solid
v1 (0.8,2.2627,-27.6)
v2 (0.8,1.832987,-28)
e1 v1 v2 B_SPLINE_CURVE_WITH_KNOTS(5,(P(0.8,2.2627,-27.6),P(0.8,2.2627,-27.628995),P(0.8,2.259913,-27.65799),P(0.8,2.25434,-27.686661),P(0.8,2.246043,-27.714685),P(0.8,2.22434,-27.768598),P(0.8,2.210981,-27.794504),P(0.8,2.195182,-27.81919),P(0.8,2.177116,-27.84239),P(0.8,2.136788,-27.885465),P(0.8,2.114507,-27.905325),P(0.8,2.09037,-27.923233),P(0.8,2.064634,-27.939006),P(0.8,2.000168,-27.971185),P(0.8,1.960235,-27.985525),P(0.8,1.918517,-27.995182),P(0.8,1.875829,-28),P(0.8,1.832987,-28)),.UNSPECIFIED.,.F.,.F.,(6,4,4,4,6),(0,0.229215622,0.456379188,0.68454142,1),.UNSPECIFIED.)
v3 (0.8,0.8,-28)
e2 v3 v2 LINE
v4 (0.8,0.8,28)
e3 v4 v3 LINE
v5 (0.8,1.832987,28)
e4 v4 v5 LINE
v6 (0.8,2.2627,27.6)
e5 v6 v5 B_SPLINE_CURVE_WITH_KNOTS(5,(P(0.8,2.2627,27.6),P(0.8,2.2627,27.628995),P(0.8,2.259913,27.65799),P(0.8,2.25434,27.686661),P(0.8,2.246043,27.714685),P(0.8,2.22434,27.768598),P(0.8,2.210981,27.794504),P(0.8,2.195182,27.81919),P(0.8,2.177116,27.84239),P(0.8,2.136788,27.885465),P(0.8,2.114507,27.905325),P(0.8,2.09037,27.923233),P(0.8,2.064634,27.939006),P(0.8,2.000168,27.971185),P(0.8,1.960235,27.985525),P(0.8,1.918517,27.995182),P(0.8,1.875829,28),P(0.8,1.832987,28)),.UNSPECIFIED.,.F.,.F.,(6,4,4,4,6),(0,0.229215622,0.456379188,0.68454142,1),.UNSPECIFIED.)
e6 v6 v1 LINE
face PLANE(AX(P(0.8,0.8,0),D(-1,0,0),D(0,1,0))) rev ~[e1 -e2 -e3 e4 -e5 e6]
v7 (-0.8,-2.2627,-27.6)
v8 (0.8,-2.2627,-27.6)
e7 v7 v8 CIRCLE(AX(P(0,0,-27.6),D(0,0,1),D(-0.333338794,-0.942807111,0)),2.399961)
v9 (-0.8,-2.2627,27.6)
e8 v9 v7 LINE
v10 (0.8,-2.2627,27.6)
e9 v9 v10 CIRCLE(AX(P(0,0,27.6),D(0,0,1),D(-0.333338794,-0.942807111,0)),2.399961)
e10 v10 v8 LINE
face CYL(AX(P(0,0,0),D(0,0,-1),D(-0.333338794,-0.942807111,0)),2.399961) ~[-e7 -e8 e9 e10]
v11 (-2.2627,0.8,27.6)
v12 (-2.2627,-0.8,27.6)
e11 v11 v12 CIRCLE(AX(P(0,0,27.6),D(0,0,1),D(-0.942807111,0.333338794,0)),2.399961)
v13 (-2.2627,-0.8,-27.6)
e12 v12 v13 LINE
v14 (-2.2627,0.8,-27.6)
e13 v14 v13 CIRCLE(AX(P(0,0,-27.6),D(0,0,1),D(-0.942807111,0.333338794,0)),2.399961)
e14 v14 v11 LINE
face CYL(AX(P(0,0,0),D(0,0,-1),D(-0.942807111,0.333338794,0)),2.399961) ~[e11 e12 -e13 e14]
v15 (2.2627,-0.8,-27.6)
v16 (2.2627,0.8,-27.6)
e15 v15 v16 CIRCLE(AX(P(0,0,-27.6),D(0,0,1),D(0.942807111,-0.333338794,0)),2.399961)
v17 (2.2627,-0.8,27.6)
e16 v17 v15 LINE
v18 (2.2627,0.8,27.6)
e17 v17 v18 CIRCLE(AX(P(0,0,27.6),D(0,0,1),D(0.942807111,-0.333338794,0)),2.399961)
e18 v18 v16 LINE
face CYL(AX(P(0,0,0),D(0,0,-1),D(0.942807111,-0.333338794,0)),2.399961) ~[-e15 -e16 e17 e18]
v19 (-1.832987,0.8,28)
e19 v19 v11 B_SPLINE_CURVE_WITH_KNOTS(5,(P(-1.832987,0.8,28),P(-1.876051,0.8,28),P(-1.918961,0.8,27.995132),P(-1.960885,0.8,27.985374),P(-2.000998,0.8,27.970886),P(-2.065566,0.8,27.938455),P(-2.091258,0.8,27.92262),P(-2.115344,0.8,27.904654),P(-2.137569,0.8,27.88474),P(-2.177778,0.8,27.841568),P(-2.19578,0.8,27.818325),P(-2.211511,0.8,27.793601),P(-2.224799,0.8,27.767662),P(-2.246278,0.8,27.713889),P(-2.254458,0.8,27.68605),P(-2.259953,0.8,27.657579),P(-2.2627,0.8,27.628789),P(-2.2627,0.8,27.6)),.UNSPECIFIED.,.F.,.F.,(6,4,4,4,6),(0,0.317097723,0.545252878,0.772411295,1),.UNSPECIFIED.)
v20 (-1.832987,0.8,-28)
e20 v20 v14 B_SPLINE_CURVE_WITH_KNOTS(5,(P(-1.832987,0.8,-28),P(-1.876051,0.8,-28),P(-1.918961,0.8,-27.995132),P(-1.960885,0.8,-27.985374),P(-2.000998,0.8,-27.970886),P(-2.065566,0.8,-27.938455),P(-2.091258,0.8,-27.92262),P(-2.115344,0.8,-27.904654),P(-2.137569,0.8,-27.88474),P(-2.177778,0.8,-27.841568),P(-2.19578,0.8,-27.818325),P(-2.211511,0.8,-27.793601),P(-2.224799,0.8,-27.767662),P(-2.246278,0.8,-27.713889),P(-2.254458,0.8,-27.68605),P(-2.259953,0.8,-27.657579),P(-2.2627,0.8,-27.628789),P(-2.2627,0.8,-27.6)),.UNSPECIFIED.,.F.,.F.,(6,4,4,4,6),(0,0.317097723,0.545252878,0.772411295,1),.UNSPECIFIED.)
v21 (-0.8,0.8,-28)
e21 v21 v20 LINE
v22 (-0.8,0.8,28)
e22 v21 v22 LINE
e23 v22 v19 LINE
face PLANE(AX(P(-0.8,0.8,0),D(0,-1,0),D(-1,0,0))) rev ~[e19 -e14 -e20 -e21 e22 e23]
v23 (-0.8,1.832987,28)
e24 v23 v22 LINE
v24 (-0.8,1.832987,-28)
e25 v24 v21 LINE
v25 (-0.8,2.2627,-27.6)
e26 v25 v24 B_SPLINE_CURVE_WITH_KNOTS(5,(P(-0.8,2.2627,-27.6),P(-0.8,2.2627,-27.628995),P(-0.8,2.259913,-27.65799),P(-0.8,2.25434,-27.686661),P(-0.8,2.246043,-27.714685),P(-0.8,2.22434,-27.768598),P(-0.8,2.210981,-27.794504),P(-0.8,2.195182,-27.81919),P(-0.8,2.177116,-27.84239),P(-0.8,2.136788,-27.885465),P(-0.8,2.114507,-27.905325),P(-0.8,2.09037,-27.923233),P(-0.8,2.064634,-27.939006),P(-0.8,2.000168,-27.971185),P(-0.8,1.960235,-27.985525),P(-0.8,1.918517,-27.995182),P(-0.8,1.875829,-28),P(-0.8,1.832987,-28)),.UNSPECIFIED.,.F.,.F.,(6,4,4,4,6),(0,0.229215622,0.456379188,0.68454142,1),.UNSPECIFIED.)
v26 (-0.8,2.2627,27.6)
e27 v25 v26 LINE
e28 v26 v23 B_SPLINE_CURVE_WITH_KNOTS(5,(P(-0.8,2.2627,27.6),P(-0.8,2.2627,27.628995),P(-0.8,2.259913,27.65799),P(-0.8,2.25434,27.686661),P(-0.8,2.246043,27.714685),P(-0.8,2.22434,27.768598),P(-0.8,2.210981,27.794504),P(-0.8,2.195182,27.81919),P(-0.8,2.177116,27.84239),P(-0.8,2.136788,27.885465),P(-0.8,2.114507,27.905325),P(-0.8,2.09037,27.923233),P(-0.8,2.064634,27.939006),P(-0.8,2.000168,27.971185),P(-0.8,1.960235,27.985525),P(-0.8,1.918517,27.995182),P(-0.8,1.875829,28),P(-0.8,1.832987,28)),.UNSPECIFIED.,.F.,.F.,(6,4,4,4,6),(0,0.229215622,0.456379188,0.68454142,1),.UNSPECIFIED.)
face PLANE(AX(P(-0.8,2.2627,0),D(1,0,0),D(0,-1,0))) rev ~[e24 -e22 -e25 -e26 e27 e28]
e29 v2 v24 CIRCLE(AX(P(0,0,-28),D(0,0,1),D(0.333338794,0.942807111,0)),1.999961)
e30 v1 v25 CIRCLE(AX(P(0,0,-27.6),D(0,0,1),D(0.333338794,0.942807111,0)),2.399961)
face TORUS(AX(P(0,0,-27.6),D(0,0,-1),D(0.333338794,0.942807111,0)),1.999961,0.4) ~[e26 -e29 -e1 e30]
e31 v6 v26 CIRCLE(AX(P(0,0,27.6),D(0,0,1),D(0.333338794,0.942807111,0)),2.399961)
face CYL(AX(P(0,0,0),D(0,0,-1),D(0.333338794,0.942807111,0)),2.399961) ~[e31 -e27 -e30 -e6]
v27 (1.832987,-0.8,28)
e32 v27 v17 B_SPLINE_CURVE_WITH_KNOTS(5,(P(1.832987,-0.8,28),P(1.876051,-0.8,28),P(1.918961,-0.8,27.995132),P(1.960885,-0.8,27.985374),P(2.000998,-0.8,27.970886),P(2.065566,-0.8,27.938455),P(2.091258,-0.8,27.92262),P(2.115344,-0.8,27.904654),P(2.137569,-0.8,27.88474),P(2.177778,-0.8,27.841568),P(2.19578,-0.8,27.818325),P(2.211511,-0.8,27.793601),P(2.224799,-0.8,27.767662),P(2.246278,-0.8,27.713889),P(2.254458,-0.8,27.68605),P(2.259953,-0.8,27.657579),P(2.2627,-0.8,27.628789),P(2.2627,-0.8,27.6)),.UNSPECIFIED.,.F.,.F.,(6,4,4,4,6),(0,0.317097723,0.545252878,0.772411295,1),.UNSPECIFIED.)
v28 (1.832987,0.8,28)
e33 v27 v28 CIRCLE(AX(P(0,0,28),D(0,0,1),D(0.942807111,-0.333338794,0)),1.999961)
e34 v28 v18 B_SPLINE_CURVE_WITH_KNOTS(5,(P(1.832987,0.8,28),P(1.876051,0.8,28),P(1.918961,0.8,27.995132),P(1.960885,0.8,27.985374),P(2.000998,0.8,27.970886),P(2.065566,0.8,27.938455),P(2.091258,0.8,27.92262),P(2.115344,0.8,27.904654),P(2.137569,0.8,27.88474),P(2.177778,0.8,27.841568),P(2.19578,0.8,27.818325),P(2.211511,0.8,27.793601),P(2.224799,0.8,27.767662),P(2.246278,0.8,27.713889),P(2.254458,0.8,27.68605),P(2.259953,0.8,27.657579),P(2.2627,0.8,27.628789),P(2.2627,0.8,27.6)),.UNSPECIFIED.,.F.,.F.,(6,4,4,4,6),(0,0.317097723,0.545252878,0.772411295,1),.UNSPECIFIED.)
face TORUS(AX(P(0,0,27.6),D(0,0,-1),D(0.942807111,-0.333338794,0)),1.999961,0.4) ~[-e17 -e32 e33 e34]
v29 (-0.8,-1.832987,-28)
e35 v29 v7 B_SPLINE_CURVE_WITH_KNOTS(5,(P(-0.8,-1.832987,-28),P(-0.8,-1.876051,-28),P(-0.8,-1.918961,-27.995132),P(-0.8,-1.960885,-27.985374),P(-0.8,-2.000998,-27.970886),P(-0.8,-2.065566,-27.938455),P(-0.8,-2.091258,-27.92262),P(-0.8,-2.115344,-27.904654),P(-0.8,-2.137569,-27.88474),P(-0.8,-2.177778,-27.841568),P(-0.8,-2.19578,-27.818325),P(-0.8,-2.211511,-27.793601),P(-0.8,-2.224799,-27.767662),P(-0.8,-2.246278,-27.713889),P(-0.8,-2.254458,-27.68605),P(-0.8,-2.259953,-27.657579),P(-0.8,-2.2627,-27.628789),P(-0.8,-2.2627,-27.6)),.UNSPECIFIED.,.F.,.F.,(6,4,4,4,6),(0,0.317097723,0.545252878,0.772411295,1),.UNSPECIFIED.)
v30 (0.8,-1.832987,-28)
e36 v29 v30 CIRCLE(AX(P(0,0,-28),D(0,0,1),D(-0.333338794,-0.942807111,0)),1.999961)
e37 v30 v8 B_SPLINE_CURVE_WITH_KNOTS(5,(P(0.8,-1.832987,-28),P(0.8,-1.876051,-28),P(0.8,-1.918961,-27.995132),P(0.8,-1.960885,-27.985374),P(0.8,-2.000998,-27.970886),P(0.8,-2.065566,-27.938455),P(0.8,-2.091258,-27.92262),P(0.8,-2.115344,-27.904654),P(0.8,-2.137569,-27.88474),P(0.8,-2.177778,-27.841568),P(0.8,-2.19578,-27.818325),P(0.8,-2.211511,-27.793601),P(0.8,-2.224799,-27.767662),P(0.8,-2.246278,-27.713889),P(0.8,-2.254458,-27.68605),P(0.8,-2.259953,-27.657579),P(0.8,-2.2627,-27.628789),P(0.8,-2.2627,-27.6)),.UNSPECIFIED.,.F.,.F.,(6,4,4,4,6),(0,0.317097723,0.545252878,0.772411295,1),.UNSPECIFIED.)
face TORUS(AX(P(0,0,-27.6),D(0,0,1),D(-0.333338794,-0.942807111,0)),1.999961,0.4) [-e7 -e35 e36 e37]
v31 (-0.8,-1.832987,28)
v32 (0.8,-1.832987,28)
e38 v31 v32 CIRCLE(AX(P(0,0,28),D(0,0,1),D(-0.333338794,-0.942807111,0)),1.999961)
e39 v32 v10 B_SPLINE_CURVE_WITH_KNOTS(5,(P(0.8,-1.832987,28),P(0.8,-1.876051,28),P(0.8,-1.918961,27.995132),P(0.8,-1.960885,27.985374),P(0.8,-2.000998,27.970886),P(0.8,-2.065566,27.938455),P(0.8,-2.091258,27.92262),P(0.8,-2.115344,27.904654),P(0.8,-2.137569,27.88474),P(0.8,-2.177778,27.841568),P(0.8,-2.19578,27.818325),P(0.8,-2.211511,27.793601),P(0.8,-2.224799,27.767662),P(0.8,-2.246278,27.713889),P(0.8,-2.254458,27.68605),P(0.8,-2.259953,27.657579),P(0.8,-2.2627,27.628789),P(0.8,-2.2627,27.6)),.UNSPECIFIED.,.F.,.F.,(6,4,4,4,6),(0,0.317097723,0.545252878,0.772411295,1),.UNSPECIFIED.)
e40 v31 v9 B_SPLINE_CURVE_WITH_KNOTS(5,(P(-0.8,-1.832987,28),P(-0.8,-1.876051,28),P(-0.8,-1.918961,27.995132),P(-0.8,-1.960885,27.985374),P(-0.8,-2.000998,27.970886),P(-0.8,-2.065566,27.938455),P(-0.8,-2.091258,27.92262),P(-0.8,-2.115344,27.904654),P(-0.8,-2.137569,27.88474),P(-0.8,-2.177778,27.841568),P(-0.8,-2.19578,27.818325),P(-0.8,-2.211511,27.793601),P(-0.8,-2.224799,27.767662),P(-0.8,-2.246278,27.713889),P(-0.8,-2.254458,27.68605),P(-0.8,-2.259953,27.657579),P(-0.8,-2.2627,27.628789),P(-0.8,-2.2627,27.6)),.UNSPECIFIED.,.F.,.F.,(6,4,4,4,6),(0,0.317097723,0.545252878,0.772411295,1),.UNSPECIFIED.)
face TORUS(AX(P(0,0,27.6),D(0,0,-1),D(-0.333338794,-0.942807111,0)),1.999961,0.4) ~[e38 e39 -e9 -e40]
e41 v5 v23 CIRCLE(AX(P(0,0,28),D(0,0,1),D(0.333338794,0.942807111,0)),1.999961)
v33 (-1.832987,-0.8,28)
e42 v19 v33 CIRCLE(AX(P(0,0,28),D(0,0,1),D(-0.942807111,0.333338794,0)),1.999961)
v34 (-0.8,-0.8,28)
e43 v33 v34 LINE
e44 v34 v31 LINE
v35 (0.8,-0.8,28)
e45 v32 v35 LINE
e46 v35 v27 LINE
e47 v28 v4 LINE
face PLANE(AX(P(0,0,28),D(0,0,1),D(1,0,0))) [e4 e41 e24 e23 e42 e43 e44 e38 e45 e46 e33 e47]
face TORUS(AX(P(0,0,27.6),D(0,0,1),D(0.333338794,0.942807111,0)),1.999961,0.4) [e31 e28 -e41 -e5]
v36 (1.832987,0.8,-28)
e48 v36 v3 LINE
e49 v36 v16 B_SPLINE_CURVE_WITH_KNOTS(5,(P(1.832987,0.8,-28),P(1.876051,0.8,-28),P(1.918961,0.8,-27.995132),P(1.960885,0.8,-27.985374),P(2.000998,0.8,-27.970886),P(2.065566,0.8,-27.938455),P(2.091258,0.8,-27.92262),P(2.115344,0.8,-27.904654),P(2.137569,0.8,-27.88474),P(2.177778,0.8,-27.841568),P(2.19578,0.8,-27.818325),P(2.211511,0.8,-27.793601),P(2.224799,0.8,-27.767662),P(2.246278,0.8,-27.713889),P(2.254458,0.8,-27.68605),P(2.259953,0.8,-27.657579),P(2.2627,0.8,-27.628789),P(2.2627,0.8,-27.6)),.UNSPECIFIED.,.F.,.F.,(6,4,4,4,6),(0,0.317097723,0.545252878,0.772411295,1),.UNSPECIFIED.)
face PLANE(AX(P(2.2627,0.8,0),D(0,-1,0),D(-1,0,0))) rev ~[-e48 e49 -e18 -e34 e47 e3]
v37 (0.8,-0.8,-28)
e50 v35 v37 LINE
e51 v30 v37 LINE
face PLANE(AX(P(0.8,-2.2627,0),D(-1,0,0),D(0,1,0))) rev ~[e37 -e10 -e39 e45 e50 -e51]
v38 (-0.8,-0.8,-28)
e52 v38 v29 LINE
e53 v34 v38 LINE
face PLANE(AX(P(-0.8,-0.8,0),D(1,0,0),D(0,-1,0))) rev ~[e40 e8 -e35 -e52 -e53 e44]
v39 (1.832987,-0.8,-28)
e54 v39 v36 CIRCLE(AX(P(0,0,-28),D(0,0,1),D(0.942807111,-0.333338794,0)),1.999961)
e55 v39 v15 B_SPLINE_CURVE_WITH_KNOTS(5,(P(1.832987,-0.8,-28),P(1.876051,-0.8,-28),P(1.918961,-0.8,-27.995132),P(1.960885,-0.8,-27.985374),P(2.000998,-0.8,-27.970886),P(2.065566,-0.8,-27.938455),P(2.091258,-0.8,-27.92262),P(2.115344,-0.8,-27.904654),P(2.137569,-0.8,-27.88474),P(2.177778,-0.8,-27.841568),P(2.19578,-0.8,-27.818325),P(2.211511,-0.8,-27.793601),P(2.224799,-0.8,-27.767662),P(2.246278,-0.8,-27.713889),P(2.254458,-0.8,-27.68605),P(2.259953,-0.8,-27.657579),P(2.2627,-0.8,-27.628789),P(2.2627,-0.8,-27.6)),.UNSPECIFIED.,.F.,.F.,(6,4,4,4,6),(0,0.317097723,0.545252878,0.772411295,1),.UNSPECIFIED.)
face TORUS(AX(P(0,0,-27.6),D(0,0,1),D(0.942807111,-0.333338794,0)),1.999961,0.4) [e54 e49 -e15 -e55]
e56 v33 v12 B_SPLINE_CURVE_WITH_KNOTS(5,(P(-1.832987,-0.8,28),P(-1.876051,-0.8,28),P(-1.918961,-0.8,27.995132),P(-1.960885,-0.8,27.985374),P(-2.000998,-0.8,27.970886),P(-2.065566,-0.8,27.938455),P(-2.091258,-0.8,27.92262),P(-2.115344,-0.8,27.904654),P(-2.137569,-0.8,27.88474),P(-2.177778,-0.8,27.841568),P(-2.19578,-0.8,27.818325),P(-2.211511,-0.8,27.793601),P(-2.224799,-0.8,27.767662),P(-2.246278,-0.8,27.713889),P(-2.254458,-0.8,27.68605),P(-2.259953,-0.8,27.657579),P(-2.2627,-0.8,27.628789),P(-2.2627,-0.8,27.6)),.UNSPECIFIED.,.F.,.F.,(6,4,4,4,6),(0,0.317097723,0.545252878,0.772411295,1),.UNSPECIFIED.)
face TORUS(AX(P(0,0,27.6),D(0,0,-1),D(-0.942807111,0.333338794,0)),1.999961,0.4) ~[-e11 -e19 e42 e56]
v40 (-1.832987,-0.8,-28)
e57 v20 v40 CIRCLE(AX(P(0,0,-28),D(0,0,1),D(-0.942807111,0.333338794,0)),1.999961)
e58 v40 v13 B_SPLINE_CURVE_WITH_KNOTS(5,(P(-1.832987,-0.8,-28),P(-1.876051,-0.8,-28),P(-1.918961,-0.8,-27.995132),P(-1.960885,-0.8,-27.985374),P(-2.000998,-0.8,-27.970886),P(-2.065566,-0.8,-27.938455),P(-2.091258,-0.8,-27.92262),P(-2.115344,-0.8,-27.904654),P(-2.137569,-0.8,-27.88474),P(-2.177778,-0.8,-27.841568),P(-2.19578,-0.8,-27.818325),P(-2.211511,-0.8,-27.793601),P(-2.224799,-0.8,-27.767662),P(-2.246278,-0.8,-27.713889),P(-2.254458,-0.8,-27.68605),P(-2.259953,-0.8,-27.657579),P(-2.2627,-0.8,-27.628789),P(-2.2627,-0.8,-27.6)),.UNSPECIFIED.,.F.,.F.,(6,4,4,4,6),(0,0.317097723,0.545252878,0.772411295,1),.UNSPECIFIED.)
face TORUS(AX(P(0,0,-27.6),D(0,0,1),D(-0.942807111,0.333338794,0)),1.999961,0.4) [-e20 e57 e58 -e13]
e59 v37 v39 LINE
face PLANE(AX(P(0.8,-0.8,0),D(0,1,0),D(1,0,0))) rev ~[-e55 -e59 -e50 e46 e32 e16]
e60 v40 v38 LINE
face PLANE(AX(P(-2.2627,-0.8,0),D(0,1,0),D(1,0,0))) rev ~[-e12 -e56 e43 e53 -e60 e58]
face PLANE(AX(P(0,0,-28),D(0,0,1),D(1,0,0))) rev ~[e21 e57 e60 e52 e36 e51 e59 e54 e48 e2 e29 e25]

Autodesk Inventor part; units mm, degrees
ref_plane "YZ Plane" through (0, 0, 0) normal (1, 0, 0) x (0, 1, 0)
ref_plane "XZ Plane" through (0, 0, 0) normal (0, 1, 0) x (-1, 0, 0)
ref_plane "XY Plane" through (0, 0, 0) normal (0, 0, 1) x (1, 0, 0)
sketch "Sketch1" plane through (0, 0, 0) normal (0, 0, 1) x (1, 0, 0)
  circle A0 centre (0, 0) radius 2.4 construction
  line L0 (-0.8, 2.2627) -> (-0.8, 0.8)
  line L1 (-0.8, 0.8) -> (-2.2627, 0.8)
  line L2 (-2.2627, -0.8) -> (-0.8, -0.8)
  line L3 (-0.8, -0.8) -> (-0.8, -2.2627)
  line L4 (0.8, -2.2627) -> (0.8, -0.8)
  line L5 (0.8, -0.8) -> (2.2627, -0.8)
  line L6 (2.2627, 0.8) -> (0.8, 0.8)
  line L7 (0.8, 0.8) -> (0.8, 2.2627)
  arc A1 (0.8, 2.2627) -> (-0.8, 2.2627) centre (0, 0) ccw
  arc A2 (-2.2627, 0.8) -> (-2.2627, -0.8) centre (0, 0) ccw
  arc A3 (-0.8, -2.2627) -> (0.8, -2.2627) centre (0, 0) ccw
  arc A4 (2.2627, -0.8) -> (2.2627, 0.8) centre (0, 0) ccw
  dimension "d0" = 4.8
  dimension "d1" = 1.6
extrude "Extrusion1" add sketch "Sketch1" along normal mid plane 56
fillet "Fillet1" radius 0.4 8 edges at (0, 2.4, 28) (-2.4, 0, 28) (0, -2.4, 28) (2.4, 0, 28) (2.4, 0, -28) (0, 2.4, -28) (-2.4, 0, -28) (0, -2.4, -28)
equation "\"d0\" = kd"
equation "\"d1\" = axlet"
equation "\"d2\" = 7 * lu"
equation "\"d4\" = tf"
equation "\"kd\" = 4.8"
equation "\"axlet\" = 1.6"
equation "\"lu\" = 8"
equation "\"tf\" = 0.4"
properties part number "44294-Yellow" material "ABS Plastic"
